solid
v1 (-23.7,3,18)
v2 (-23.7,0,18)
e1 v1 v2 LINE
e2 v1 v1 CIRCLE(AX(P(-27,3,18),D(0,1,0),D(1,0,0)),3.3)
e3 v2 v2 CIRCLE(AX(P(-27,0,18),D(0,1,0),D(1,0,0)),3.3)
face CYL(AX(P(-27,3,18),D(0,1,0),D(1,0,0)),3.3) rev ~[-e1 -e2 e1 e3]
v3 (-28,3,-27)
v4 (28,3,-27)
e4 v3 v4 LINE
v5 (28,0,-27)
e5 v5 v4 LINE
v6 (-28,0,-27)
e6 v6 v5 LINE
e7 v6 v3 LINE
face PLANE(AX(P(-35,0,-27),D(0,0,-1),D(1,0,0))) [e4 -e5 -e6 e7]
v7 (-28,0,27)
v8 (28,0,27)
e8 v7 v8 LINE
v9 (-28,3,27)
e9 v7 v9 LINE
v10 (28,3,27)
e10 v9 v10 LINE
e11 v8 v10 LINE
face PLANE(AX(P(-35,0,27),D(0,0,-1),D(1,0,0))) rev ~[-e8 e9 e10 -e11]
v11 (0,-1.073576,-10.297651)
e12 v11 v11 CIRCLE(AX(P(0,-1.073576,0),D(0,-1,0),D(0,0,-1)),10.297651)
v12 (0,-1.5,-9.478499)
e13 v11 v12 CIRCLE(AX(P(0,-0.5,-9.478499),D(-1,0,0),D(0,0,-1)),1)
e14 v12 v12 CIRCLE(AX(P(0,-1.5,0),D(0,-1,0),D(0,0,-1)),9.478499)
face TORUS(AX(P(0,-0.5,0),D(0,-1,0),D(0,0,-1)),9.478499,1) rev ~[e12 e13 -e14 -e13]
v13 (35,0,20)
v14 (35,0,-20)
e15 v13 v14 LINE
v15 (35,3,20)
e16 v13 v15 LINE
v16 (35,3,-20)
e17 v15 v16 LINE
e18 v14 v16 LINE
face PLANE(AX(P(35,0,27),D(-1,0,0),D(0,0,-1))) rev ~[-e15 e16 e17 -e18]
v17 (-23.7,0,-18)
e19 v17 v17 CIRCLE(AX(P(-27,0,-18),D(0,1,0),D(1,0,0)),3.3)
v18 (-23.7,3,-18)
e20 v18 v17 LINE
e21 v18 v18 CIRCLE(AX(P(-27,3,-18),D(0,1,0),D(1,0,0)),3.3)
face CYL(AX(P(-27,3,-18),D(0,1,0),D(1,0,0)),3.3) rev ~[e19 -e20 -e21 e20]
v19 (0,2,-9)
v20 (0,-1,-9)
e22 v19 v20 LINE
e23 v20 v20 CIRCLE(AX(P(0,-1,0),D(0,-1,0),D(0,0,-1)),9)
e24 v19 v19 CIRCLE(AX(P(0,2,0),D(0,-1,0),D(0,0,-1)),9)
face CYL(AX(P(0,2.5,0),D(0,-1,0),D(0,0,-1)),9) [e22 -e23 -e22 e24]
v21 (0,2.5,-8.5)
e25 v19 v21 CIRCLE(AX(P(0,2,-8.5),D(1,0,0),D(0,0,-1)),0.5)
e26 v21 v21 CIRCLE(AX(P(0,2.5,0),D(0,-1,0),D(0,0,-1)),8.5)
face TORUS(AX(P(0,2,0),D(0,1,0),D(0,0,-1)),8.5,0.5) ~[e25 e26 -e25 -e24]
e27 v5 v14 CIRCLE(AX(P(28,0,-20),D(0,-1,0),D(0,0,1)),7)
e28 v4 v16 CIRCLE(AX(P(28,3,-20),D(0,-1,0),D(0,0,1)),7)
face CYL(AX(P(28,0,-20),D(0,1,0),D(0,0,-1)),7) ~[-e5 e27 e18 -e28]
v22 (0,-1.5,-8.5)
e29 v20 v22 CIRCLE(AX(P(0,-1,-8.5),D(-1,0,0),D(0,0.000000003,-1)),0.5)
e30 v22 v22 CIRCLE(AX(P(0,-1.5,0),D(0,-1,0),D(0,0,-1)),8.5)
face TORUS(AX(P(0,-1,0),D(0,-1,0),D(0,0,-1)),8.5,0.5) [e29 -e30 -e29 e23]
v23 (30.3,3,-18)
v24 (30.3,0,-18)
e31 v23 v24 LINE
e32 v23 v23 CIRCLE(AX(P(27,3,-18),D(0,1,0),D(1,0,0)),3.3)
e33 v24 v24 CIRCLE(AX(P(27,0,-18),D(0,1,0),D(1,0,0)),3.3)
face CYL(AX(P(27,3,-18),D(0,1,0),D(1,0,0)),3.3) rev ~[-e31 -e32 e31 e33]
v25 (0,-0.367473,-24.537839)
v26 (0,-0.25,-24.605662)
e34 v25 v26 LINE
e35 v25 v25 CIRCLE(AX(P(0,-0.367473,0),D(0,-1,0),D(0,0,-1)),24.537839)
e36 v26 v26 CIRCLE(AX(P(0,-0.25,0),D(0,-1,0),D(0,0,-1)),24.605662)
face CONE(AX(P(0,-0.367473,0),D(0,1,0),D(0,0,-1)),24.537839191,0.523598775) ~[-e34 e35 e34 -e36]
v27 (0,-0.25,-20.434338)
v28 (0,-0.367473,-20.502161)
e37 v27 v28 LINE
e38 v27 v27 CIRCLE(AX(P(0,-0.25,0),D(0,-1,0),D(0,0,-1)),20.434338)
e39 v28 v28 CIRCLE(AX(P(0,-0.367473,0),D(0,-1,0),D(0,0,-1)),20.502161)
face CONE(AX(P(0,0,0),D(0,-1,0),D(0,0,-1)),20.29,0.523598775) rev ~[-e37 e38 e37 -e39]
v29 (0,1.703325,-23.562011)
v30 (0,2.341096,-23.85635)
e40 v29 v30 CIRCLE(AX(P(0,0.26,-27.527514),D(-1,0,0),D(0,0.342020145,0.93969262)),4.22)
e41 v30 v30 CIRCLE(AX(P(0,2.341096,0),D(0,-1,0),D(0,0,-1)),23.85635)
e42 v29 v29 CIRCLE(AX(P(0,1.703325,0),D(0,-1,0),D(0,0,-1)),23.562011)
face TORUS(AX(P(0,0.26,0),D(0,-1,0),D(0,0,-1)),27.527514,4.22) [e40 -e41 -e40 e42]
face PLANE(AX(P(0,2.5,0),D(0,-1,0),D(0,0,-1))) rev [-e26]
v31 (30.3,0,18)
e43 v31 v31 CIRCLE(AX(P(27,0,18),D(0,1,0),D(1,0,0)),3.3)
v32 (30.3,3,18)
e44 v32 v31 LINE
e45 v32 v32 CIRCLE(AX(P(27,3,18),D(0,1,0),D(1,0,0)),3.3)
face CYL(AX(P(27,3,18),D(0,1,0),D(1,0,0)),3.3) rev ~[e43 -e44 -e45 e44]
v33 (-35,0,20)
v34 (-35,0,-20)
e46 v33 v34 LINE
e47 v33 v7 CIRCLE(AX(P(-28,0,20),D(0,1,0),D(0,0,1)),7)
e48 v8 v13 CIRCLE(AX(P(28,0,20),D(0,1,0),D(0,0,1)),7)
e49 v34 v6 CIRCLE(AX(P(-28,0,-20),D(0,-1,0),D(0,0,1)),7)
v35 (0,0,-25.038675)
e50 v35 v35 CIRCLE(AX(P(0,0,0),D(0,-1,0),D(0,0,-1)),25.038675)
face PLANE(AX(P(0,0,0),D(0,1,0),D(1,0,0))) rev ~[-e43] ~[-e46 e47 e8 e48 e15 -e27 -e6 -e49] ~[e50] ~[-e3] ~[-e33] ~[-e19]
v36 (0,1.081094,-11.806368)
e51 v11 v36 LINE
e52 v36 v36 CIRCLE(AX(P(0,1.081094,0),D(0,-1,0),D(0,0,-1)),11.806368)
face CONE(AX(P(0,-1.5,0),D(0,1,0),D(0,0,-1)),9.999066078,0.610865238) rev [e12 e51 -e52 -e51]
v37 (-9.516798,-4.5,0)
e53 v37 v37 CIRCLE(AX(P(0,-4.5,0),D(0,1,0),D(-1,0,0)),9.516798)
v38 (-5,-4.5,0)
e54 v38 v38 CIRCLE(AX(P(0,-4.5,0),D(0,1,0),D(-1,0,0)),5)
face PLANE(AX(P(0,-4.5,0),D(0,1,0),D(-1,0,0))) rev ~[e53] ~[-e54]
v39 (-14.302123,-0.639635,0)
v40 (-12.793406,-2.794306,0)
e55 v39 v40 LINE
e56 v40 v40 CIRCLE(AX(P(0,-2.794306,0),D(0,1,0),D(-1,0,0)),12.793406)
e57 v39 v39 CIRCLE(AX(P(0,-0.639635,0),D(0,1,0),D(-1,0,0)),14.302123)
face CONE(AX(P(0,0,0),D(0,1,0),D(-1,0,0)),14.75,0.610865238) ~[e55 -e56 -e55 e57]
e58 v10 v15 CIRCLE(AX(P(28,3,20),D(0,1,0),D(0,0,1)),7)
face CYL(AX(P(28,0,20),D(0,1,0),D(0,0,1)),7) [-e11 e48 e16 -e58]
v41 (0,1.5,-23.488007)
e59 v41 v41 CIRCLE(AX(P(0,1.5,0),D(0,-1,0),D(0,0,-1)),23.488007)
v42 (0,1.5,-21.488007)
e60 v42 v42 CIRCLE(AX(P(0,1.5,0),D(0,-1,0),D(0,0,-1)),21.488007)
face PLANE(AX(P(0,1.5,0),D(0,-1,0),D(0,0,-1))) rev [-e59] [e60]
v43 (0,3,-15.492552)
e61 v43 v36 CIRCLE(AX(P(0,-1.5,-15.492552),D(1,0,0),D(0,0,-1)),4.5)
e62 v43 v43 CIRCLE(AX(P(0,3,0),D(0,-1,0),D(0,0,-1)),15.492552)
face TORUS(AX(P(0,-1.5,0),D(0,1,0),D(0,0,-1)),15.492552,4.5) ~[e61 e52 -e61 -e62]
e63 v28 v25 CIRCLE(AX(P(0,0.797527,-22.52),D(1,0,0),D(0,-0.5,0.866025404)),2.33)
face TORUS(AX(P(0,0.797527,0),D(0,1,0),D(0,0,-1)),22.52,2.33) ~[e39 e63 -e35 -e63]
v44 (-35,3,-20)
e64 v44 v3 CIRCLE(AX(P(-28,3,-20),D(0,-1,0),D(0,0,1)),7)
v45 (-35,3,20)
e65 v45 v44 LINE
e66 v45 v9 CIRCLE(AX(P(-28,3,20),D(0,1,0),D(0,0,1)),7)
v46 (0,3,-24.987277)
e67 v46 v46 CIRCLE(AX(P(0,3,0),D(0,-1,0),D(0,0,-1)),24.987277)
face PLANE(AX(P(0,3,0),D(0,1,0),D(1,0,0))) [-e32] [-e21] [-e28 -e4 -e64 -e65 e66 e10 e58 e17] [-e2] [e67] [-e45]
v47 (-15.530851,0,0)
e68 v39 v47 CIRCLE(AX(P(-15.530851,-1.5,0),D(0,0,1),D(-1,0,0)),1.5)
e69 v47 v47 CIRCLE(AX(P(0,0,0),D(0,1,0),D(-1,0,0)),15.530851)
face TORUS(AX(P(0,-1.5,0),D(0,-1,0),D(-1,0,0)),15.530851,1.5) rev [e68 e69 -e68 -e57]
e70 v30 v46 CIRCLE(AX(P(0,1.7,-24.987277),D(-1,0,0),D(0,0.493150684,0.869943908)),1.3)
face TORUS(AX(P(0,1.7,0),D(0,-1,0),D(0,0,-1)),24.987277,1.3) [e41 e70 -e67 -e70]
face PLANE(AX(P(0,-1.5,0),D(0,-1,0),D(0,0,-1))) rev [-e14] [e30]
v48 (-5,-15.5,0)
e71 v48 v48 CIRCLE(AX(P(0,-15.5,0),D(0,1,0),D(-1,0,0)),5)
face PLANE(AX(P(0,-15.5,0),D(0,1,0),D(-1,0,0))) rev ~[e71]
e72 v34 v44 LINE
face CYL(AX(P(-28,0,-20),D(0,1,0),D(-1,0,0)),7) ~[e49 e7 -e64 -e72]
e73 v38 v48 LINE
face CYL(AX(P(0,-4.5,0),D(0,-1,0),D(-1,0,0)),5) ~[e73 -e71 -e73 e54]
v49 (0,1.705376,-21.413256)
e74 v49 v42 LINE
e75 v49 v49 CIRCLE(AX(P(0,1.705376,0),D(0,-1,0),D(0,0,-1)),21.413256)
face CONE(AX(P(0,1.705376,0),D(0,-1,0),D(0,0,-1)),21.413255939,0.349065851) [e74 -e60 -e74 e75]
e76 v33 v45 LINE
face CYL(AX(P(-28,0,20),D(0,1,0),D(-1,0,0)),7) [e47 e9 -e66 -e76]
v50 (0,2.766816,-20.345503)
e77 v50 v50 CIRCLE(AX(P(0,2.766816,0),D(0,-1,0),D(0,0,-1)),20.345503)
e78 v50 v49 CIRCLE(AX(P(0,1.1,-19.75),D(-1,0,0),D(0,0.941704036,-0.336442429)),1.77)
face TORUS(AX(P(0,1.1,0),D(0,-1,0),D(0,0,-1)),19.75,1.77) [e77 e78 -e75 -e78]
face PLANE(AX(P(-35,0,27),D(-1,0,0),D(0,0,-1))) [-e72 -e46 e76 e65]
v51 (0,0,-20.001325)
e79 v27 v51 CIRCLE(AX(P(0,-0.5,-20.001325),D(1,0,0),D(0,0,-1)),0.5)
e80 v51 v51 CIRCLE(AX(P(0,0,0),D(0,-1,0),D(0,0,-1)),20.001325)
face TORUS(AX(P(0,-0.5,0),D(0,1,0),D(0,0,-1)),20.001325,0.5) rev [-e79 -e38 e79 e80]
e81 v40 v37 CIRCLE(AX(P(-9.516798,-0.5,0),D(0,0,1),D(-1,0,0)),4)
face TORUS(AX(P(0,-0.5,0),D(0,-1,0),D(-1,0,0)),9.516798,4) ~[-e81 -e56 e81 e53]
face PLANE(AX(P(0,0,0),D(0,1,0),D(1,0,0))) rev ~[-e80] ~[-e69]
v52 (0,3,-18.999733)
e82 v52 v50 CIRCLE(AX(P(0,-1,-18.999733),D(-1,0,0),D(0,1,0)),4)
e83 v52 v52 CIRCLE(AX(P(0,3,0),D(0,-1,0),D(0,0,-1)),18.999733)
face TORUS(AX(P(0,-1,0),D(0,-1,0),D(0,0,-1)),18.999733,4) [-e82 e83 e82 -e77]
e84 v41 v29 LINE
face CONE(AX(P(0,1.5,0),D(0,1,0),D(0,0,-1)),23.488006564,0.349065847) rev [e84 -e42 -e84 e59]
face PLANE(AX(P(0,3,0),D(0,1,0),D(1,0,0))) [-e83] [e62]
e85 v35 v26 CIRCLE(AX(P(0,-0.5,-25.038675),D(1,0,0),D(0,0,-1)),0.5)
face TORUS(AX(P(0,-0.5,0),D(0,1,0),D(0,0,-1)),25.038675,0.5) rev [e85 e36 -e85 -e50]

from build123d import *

# Parameters (mm, degrees)
SKETCH1_W           = 70
SKETCH1_H           = 54
BOSS_EXTRUDE1_DEPTH = 3
FILLET1_R           = 4
FILLET2_R           = 1.5
FILLET3_R           = 7
SKETCH6_R           = 3.3
CUT_EXTRUDE1_DEPTH  = 19.5
FILLET4_R           = 4.5
FILLET5_R           = 1
FILLET6_R           = 0.5


with BuildPart() as part:
    # Sketch1 → Boss-Extrude1 (new body)
    with BuildSketch(Plane(origin=(0, 0, 0), x_dir=(1, 0, 0), z_dir=(0, 1, 0))):
        Rectangle(SKETCH1_W, SKETCH1_H)
    extrude(amount=BOSS_EXTRUDE1_DEPTH)

    # Sketch2 → Revolve1 (revolve)
    with BuildSketch(Plane.XY):
        Polygon((-14.75, 0), (-11.599066078, -4.5), (-5, -4.5), (-5, -15.5), (0, -15.5), (0, 0), align=None)
    revolve(axis=Axis((0, -15.5, 0), (0, 1, 0)))

    # Fillet1
    fillet1_edges = [part.edges().sort_by_distance(p)[0] for p in [
        (11.599066078, -4.5, 0),
    ]]
    fillet(fillet1_edges, radius=FILLET1_R)

    # Fillet2
    fillet2_edges = [part.edges().sort_by_distance(p)[0] for p in [
        (14.75, 0, 0),
    ]]
    fillet(fillet2_edges, radius=FILLET2_R)

    # Fillet3
    fillet3_edges = [part.edges().sort_by_distance(p)[0] for p in [
        (35, 1.5, 27),
        (-35, 1.5, 27),
        (-35, 1.5, -27),
        (35, 1.5, -27),
    ]]
    fillet(fillet3_edges, radius=FILLET3_R)

    # Sketch3 → Revolve2 (revolve)
    with BuildSketch(Plane(origin=(0, 0, 0), x_dir=(0, 0, -1), z_dir=(1, 0, 0))):
        with BuildLine():
            Line((20.29, 0), (20.502160809, -0.367473301))
            ThreePointArc((20.502160809, -0.367473301), (22.52, -1.532473301), (24.537839191, -0.367473301))
            Line((24.537839191, -0.367473301), (24.75, 0))
            Line((24.75, 0), (20.29, 0))
        make_face()
    revolve(axis=Axis((0, 55, 0), (0, -1, 0)))

    # Sketch4 → Cut-Revolve1 (revolve, cut)
    with BuildSketch(Plane(origin=(0, 0, 0), x_dir=(0, 0, -1), z_dir=(1, 0, 0))):
        with BuildLine():
            Line((0, 3), (0, 2.5))
            Line((0, 2.5), (9, 2.5))
            Line((9, 2.5), (9, -1))
            ThreePointArc((9, -1), (8.853553391, -1.353553391), (8.5, -1.5))
            Line((8.5, -1.5), (9.999066078, -1.5))
            Line((9.999066078, -1.5), (13.15, 3))
            Line((13.15, 3), (0, 3))
        make_face()
    revolve(axis=Axis((0, 55, 0), (0, -1, 0)), mode=Mode.SUBTRACT)

    # Sketch5 → Cut-Revolve2 (revolve, cut)
    with BuildSketch(Plane(origin=(0, 0, 0), x_dir=(0, 0, -1), z_dir=(1, 0, 0))):
        with BuildLine():
            Line((21.413255939, 1.705375654), (21.488006564, 1.5))
            Line((21.488006564, 1.5), (23.488006564, 1.5))
            Line((23.488006564, 1.5), (23.562010813, 1.703325005))
            ThreePointArc((23.562010813, 1.703325005), (23.695887988, 2.028345161), (23.856350384, 2.34109589))
            ThreePointArc((23.856350384, 2.34109589), (24.332840552, 2.823259689), (24.987277463, 3))
            Line((24.987277463, 3), (18.999733381, 3))
            ThreePointArc((18.999733381, 3), (19.682644585, 2.941272927), (20.345503101, 2.766816143))
            ThreePointArc((20.345503101, 2.766816143), (20.997863005, 2.355284), (21.413255939, 1.705375654))
        make_face()
    revolve(axis=Axis((0, 55, 0), (0, -1, 0)), mode=Mode.SUBTRACT)

    # Sketch6 → Cut-Extrude1 (cut, through all)
    with BuildSketch(Plane(origin=(0, 3, 0), x_dir=(1, 0, 0), z_dir=(0, 1, 0))):
        with Locations((-27, 18)):
            Circle(SKETCH6_R)
        with Locations((27, 18)):
            Circle(SKETCH6_R)
        with Locations((27, -18)):
            Circle(SKETCH6_R)
        with Locations((-27, -18)):
            Circle(SKETCH6_R)
    extrude(amount=-CUT_EXTRUDE1_DEPTH, mode=Mode.SUBTRACT)

    # Fillet4
    fillet4_edges = [part.edges().sort_by_distance(p)[0] for p in [
        (0, 3, 13.15),
    ]]
    fillet(fillet4_edges, radius=FILLET4_R)

    # Fillet5
    fillet5_edges = [part.edges().sort_by_distance(p)[0] for p in [
        (0, -1.5, 9.999066078),
    ]]
    fillet(fillet5_edges, radius=FILLET5_R)

    # Fillet6
    fillet6_edges = [part.edges().sort_by_distance(p)[0] for p in [
        (0, 0, 24.75),
        (0, 0, 20.29),
        (0, 2.5, 9),
    ]]
    fillet(fillet6_edges, radius=FILLET6_R)


solid = part.part
